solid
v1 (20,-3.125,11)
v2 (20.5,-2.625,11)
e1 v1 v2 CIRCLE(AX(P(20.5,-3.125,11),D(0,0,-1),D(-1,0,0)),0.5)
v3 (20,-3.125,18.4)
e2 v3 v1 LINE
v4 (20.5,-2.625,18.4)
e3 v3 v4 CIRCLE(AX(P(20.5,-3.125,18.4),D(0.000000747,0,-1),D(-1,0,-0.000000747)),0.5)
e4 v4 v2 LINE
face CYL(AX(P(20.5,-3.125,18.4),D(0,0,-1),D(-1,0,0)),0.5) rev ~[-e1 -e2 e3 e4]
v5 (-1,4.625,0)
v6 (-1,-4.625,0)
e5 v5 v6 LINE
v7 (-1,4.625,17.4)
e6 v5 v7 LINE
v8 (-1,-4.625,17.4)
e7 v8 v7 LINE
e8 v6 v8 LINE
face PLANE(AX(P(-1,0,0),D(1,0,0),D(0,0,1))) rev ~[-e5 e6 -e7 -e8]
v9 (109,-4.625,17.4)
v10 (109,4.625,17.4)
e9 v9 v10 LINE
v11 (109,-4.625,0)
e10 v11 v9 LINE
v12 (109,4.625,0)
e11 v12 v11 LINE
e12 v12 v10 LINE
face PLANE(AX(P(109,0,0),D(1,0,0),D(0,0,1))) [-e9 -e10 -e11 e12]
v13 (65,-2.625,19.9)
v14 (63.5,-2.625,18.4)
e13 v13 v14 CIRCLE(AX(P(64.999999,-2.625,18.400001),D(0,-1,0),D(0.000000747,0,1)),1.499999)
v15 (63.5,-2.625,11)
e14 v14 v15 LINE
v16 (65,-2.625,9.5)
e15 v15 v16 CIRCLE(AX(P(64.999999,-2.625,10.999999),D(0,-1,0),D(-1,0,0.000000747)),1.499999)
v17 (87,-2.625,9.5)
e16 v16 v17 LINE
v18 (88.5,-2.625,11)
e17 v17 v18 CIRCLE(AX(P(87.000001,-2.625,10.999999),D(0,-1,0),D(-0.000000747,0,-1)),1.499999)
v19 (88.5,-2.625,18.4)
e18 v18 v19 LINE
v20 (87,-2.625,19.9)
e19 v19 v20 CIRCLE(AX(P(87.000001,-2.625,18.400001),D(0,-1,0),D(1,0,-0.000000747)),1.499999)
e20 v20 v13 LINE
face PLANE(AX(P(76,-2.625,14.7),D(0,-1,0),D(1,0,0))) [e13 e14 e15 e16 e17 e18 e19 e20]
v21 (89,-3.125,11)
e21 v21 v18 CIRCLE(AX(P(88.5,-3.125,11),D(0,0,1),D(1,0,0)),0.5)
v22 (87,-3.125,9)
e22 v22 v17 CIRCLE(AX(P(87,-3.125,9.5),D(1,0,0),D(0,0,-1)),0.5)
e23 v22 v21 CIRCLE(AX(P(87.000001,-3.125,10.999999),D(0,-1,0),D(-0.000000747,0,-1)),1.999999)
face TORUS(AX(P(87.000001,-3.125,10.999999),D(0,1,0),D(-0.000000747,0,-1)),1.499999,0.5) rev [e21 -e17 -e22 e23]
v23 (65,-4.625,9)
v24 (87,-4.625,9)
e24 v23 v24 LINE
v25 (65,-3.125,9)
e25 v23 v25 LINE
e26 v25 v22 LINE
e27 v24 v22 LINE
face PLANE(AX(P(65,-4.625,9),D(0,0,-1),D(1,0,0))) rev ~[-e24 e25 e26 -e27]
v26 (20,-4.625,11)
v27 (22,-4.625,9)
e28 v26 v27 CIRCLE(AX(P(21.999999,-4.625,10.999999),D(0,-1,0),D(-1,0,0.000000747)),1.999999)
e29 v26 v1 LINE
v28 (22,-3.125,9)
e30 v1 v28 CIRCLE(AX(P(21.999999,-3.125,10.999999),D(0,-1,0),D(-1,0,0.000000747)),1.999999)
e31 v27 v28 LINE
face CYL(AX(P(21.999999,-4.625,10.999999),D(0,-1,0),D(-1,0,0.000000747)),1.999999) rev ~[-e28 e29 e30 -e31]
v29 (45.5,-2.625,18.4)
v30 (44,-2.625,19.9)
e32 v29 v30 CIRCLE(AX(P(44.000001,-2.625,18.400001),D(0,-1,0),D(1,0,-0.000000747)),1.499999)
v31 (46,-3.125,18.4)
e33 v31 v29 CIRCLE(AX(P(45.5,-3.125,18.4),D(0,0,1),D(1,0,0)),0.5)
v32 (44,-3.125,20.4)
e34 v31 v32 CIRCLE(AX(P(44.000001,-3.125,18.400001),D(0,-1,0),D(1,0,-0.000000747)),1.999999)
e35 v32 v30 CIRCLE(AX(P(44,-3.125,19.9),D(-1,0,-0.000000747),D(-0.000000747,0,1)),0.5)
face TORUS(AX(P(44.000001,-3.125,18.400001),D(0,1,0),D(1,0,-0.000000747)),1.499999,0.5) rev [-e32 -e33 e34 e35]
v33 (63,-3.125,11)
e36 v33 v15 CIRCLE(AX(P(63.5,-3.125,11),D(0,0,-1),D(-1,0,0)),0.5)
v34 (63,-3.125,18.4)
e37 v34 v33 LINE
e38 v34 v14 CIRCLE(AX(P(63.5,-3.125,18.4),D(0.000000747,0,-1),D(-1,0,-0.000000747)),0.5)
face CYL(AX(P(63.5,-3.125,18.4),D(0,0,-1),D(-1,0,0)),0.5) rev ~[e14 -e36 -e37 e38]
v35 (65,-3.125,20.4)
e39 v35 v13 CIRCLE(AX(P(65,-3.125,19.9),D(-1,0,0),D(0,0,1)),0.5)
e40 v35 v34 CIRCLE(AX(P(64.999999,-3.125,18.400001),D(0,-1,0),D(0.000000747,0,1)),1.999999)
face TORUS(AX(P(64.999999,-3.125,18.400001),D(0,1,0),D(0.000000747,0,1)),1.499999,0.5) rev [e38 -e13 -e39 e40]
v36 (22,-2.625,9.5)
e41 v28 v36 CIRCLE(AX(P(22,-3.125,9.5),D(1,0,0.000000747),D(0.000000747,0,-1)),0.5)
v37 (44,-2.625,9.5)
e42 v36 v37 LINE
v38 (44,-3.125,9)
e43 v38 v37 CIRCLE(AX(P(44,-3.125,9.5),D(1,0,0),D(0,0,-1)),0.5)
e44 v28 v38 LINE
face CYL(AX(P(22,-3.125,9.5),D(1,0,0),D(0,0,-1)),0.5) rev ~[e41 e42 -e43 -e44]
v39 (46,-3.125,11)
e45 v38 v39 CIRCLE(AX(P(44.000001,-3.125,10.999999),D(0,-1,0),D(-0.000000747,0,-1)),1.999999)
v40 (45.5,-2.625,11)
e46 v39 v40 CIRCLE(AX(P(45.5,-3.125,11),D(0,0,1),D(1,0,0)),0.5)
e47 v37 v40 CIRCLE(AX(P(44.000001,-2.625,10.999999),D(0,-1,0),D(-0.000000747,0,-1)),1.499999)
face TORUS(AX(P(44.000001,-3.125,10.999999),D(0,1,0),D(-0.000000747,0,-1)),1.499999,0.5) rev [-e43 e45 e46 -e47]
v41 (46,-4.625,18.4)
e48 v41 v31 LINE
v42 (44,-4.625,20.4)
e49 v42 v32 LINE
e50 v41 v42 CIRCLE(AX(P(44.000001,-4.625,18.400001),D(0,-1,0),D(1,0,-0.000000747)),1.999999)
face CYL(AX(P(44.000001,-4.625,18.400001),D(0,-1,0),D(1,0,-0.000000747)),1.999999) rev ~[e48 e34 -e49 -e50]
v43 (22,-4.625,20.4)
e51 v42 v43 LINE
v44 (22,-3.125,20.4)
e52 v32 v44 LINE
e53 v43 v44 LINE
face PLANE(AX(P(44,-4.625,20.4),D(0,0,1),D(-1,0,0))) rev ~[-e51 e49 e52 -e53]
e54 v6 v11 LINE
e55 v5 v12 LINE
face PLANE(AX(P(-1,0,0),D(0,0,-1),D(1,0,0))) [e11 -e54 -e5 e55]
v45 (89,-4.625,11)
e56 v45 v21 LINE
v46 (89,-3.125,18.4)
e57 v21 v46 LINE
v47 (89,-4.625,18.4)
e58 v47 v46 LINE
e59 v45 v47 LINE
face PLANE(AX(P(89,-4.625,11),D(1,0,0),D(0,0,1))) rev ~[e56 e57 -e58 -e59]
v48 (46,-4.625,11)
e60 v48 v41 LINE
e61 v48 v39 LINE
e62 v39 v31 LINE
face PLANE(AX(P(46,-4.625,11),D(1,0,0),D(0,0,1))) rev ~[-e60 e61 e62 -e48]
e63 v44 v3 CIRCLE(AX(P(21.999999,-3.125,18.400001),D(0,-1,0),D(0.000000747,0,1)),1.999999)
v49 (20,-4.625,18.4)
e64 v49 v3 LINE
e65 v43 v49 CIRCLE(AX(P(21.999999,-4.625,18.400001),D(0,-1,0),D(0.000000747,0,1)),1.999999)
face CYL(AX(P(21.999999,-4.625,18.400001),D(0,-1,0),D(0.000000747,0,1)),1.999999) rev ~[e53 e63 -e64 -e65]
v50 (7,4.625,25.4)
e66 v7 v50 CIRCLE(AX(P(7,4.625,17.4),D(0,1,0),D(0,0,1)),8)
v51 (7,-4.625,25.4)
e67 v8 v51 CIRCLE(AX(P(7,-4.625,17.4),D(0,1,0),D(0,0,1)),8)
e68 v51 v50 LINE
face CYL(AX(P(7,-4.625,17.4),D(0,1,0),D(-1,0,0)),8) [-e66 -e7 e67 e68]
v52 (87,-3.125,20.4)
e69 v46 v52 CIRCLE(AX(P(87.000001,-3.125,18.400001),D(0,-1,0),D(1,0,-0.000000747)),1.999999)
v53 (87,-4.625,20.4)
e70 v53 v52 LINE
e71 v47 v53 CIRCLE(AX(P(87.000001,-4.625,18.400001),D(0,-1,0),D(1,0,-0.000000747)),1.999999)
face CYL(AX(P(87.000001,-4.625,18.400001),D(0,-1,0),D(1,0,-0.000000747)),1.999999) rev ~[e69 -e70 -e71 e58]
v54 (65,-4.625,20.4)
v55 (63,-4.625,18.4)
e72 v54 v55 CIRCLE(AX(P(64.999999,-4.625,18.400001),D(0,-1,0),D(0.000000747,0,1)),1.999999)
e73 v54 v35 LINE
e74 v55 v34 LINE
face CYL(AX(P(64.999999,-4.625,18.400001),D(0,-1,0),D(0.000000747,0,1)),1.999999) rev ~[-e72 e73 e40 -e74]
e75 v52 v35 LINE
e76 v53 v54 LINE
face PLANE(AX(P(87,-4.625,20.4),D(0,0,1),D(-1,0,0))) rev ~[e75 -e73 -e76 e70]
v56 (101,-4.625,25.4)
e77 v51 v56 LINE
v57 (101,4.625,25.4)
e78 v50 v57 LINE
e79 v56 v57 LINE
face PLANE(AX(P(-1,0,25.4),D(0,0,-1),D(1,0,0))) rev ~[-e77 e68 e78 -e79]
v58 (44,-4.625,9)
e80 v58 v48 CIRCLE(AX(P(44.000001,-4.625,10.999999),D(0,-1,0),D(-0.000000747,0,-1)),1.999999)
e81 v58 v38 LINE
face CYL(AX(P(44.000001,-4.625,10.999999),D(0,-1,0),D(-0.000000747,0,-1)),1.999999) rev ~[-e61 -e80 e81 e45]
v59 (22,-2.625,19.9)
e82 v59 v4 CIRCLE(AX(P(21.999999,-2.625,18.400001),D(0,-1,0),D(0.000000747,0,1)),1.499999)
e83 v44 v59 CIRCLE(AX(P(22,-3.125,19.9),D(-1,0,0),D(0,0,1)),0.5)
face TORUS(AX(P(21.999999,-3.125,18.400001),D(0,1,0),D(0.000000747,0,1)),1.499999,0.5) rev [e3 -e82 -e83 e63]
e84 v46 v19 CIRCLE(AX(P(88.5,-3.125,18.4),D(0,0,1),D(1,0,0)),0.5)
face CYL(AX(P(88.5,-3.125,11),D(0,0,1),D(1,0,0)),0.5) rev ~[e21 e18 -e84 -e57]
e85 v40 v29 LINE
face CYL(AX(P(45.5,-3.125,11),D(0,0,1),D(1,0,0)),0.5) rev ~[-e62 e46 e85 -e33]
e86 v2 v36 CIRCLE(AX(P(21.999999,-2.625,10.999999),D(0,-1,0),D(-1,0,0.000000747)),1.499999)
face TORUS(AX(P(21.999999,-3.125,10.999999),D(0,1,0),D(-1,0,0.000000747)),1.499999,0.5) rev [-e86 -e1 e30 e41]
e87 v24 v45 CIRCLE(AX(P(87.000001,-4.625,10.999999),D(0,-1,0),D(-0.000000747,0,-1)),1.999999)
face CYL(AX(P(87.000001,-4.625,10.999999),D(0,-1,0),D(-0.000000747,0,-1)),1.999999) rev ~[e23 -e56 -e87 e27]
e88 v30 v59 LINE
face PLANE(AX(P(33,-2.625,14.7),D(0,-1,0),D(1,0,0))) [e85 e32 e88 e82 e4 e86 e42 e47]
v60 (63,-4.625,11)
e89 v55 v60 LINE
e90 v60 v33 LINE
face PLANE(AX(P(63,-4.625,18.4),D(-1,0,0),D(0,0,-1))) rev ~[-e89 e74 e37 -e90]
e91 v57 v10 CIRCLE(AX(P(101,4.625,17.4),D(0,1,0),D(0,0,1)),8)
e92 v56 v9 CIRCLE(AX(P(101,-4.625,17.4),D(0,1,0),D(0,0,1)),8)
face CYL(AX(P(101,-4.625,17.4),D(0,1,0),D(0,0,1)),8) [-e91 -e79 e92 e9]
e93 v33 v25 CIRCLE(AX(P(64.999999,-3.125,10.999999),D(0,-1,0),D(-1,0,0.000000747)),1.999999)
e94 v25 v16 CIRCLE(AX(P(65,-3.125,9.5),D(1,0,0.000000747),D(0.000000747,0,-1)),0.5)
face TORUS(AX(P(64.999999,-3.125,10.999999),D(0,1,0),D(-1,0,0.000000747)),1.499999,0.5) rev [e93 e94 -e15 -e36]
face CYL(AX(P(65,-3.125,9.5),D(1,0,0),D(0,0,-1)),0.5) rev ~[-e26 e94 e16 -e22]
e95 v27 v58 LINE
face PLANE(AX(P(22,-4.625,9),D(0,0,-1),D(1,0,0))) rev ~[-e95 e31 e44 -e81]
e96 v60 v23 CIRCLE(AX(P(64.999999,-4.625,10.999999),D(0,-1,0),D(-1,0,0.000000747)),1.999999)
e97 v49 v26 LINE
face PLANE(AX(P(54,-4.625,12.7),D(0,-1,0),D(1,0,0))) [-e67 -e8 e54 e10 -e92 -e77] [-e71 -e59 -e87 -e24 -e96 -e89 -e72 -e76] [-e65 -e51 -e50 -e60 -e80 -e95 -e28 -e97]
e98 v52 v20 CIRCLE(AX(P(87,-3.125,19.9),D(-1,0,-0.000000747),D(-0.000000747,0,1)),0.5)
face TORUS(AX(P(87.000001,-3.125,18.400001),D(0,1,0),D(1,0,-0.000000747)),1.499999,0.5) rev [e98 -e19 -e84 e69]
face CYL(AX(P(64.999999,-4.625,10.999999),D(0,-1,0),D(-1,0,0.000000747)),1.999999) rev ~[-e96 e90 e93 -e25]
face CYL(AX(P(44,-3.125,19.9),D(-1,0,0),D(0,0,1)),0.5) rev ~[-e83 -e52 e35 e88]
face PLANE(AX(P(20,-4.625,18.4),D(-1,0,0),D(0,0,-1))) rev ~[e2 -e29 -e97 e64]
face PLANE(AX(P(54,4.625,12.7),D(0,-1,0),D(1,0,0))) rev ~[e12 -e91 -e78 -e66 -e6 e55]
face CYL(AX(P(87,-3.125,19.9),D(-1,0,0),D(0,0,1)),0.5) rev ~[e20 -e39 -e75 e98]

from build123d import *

# Parameters (mm, degrees)
F0_W     = 110
F0_H     = 25.4
F1_DEPTH = 4.625
F3_DEPTH = 2
F4_R     = 0.5
F5_R     = 8


with BuildPart() as f1:
    # F0 (on Front) → F1 (new body, symmetric)
    with BuildSketch(Plane.XZ):
        with Locations((54, 12.7)):
            Rectangle(F0_W, F0_H)
    extrude(amount=F1_DEPTH, both=True)

    # F2 (on face) → F3 (cut)
    with BuildSketch(Plane.XZ.offset(4.625)):
        with BuildLine():
            ThreePointArc((20, 11), (20.585786, 9.585786), (22, 9))
            Line((22, 9), (44, 9))
            ThreePointArc((44, 9), (45.414214, 9.585786), (46, 11))
            Line((46, 11), (46, 18.4))
            ThreePointArc((46, 18.4), (45.414214, 19.814214), (44, 20.4))
            Line((44, 20.4), (22, 20.4))
            ThreePointArc((22, 20.4), (20.585786, 19.814214), (20, 18.4))
            Line((20, 18.4), (20, 11))
        make_face()
        with BuildLine():
            Line((87, 20.4), (65, 20.4))
            ThreePointArc((65, 20.4), (63.585786, 19.814214), (63, 18.4))
            Line((63, 18.4), (63, 11))
            ThreePointArc((63, 11), (63.585786, 9.585786), (65, 9))
            Line((65, 9), (87, 9))
            ThreePointArc((87, 9), (88.414214, 9.585786), (89, 11))
            Line((89, 11), (89, 18.4))
            ThreePointArc((89, 18.4), (88.414214, 19.814214), (87, 20.4))
        make_face()
    extrude(amount=-F3_DEPTH, mode=Mode.SUBTRACT)

    # F4
    f4_edges = [f1.edges().sort_by_distance(p)[0] for p in [
        (89, -2.625, 14.7),
        (46, -2.625, 14.7),
    ]]
    fillet(f4_edges, radius=F4_R)

    # F5
    f5_edges = [f1.edges().sort_by_distance(p)[0] for p in [
        (109, 0, 25.4),
        (-1, 0, 25.4),
    ]]
    fillet(f5_edges, radius=F5_R)


solid = f1.part
